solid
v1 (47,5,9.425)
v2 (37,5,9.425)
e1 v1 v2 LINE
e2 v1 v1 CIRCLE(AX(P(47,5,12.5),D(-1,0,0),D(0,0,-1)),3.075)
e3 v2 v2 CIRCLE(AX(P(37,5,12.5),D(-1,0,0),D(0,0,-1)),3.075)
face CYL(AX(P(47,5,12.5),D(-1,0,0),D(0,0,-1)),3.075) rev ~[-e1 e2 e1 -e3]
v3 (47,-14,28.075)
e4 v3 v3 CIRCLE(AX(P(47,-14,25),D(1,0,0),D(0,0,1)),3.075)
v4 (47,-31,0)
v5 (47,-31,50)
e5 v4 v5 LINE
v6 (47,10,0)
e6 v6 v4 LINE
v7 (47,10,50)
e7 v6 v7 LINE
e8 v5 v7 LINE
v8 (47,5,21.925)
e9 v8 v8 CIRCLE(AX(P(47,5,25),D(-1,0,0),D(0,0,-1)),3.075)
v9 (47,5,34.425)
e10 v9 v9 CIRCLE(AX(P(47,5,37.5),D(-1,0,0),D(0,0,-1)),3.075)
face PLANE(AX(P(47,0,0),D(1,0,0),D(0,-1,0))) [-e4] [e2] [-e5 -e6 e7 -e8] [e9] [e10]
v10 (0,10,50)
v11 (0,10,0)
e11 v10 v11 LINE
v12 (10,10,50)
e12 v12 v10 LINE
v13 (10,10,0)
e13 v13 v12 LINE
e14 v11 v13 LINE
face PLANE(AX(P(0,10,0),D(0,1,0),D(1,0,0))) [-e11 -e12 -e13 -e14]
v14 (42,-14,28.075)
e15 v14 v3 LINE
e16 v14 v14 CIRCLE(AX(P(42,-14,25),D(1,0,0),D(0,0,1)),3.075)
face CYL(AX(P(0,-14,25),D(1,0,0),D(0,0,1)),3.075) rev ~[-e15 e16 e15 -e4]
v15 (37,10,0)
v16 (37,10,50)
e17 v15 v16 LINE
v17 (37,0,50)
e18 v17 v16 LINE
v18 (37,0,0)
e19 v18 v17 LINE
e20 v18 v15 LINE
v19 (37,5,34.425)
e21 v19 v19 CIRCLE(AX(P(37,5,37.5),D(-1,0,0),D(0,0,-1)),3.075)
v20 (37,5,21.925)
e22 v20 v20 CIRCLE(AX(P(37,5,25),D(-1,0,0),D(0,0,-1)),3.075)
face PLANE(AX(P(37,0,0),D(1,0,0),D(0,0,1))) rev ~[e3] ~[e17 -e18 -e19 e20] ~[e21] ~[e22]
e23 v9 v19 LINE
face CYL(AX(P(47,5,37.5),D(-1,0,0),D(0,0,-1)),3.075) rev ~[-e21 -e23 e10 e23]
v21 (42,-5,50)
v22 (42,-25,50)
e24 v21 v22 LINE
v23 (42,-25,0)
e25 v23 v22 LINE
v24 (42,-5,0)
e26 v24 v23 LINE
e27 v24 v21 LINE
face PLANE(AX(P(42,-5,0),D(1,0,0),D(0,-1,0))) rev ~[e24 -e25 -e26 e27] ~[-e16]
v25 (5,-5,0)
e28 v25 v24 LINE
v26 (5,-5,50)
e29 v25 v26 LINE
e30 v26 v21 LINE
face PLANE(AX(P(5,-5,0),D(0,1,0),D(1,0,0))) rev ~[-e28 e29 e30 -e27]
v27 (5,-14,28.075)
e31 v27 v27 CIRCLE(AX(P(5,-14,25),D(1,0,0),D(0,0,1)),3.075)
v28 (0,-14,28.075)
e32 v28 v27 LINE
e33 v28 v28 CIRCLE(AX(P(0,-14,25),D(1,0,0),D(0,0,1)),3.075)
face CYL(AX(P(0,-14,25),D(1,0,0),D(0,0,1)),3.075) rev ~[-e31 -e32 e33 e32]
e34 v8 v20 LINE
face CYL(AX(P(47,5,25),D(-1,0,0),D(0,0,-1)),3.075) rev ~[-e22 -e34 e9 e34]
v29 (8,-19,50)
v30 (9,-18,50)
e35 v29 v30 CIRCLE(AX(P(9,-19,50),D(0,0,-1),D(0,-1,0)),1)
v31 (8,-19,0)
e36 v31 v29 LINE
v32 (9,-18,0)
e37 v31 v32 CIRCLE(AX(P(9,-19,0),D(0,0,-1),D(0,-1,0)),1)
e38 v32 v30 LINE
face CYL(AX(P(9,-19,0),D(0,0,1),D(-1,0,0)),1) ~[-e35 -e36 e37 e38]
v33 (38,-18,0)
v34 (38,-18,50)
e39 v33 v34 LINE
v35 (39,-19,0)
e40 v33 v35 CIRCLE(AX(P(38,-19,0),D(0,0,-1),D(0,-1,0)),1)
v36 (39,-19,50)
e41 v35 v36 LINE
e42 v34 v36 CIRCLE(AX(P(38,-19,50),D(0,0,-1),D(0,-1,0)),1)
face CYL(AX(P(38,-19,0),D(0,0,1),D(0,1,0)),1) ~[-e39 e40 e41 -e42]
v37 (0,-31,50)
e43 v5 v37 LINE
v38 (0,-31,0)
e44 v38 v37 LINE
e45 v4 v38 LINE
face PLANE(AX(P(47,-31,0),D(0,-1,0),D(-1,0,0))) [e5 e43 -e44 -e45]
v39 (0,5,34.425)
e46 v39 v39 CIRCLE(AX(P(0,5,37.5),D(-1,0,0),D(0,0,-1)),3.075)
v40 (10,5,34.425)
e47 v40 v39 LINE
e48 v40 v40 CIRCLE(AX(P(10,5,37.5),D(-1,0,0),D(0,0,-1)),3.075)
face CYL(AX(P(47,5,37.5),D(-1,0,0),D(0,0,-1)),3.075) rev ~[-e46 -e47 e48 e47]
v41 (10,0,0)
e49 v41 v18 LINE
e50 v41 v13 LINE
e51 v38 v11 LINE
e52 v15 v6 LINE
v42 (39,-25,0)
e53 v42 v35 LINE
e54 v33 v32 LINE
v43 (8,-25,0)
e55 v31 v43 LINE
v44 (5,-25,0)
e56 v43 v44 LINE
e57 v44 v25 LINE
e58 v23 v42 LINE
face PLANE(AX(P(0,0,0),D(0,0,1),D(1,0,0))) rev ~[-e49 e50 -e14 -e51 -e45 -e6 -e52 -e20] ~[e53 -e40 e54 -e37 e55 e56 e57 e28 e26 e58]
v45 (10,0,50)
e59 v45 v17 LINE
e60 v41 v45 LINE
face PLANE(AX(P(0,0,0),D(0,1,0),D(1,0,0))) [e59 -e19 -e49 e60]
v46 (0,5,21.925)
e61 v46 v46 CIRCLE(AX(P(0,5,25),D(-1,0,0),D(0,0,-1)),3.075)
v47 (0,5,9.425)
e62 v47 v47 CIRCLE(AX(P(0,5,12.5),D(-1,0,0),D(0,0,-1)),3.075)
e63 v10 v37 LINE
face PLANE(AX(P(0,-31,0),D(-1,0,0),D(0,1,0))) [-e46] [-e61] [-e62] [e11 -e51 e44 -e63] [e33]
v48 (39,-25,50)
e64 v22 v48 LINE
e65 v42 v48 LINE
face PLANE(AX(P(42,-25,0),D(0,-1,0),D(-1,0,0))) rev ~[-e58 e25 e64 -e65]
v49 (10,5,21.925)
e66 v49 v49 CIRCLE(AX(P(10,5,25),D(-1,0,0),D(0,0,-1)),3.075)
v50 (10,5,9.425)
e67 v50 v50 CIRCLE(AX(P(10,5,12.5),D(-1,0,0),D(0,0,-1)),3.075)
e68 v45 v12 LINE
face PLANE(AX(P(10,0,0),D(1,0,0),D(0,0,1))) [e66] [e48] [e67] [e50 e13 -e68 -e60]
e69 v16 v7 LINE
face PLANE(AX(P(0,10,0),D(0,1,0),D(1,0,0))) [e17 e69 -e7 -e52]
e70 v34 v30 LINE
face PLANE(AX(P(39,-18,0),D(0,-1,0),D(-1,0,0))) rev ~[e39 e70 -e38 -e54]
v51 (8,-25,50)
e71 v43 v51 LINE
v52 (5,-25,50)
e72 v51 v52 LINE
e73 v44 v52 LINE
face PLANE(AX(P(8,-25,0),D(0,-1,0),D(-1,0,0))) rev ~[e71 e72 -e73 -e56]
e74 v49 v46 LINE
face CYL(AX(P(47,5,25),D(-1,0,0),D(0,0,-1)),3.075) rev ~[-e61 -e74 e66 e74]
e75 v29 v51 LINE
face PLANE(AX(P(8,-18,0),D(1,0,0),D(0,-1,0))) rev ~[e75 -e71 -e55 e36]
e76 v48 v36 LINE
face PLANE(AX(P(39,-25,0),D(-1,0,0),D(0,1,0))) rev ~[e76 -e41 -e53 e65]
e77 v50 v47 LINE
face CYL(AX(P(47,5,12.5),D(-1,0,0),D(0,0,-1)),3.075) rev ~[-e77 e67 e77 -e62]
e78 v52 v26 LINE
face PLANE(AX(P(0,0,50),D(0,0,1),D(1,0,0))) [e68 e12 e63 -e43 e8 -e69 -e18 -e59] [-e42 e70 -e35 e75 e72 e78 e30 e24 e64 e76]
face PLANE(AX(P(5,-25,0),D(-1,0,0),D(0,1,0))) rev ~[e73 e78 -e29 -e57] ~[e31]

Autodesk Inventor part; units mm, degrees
sketch "Skizze1" plane through (0, 0, 0) normal (0, 0, 1) x (1, 0, 0)
  line L0 (-9.4, 0) -> (56.4, 0) projected
  line L1 (0, -37.2) -> (0, 6.2) projected
  line L2 (0, 0) -> (47, 0)
  line L3 (47, 0) -> (47, -31)
  line L4 (47, -31) -> (0, -31)
  line L5 (0, -31) -> (0, 0)
  line L6 (5, -5) -> (42, -5)
  line L7 (42, -5) -> (42, -25)
  line L8 (42, -25) -> (39, -25)
  line L9 (39, -25) -> (39, -18)
  line L10 (39, -18) -> (8, -18)
  line L11 (8, -18) -> (8, -25)
  line L12 (8, -25) -> (5, -25)
  line L13 (5, -25) -> (5, -5)
  dimension "d0" = 47
  dimension "d1" = 31
  dimension "d2" = 5
  dimension "d3" = 5
  dimension "d4" = 5
  dimension "d5" = 6
  dimension "d6" = 6
  dimension "d7" = 3
  dimension "d8" = 3
  dimension "d9" = 13
extrude "Extrusion1" add sketch "Skizze1" along normal blind 50
fillet "Rundung1" radius 1 2 edges at (8, -18, 25) (39, -18, 25)
sketch "Skizze4" plane through (0, -31, 0) normal (-1, 0, 0) x (0, 0, 1)
  line L0 (50, 31) -> (50, 0) projected
  line L1 (0, 31) -> (50, 31) projected
  circle A0 centre (25, 17) radius 1.8
  dimension "d41" = 25
  dimension "d42" = 14
  dimension "d43" = 3.6
hole "Bohrung3" at (0, -14, 25) direction (1, 0, 0) diameter 6.15 end through all
sketch "Skizze5" plane through (0, 0, 0) normal (0, 1, 0) x (1, 0, 0)
  line L0 (0, 0) -> (47, 0) projected
  line L1 (0, 0) -> (10, 0)
  line L2 (10, 0) -> (10, -50)
  line L3 (10, -50) -> (0, -50)
  line L4 (0, -50) -> (0, 0)
  line L5 (47, 0) -> (47, -50) projected
  line L6 (47, 0) -> (37, 0)
  line L7 (37, 0) -> (37, -50)
  line L8 (37, -50) -> (47, -50)
  line L9 (47, -50) -> (47, 0)
  dimension "d51" = 10
  dimension "d52" = 50
  dimension "d53" = 10
  dimension "d54" = 50
extrude "Extrusion4" add sketch "Skizze5" along normal blind 10
sketch "Skizze6" plane through (47, -31, 50) normal (1, 0, 0) x (0, 0, -1)
  line L0 (0, 41) -> (50, 41) projected
  line L1 (50, 41) -> (50, 0) projected
  line L2 (0, 0) -> (0, 41) projected
  point P0 (50, 31)
  point P1 (12.5, 36)
  point P2 (25, 36)
  point P3 (37.5, 36)
  dimension "d57" = 5
  dimension "d58" = 5
  dimension "d59" = 5
  dimension "d60" = 12.5
  dimension "d61" = 12.5
  dimension "d62" = 12.5
hole "Bohrung4" at (47, 5, 37.5) at (47, 5, 25) at (47, 5, 12.5) direction (-1, 0, 0) diameter 6.15 end through all
properties part number "NASA Objektträgerhalter (Südkorea)"
